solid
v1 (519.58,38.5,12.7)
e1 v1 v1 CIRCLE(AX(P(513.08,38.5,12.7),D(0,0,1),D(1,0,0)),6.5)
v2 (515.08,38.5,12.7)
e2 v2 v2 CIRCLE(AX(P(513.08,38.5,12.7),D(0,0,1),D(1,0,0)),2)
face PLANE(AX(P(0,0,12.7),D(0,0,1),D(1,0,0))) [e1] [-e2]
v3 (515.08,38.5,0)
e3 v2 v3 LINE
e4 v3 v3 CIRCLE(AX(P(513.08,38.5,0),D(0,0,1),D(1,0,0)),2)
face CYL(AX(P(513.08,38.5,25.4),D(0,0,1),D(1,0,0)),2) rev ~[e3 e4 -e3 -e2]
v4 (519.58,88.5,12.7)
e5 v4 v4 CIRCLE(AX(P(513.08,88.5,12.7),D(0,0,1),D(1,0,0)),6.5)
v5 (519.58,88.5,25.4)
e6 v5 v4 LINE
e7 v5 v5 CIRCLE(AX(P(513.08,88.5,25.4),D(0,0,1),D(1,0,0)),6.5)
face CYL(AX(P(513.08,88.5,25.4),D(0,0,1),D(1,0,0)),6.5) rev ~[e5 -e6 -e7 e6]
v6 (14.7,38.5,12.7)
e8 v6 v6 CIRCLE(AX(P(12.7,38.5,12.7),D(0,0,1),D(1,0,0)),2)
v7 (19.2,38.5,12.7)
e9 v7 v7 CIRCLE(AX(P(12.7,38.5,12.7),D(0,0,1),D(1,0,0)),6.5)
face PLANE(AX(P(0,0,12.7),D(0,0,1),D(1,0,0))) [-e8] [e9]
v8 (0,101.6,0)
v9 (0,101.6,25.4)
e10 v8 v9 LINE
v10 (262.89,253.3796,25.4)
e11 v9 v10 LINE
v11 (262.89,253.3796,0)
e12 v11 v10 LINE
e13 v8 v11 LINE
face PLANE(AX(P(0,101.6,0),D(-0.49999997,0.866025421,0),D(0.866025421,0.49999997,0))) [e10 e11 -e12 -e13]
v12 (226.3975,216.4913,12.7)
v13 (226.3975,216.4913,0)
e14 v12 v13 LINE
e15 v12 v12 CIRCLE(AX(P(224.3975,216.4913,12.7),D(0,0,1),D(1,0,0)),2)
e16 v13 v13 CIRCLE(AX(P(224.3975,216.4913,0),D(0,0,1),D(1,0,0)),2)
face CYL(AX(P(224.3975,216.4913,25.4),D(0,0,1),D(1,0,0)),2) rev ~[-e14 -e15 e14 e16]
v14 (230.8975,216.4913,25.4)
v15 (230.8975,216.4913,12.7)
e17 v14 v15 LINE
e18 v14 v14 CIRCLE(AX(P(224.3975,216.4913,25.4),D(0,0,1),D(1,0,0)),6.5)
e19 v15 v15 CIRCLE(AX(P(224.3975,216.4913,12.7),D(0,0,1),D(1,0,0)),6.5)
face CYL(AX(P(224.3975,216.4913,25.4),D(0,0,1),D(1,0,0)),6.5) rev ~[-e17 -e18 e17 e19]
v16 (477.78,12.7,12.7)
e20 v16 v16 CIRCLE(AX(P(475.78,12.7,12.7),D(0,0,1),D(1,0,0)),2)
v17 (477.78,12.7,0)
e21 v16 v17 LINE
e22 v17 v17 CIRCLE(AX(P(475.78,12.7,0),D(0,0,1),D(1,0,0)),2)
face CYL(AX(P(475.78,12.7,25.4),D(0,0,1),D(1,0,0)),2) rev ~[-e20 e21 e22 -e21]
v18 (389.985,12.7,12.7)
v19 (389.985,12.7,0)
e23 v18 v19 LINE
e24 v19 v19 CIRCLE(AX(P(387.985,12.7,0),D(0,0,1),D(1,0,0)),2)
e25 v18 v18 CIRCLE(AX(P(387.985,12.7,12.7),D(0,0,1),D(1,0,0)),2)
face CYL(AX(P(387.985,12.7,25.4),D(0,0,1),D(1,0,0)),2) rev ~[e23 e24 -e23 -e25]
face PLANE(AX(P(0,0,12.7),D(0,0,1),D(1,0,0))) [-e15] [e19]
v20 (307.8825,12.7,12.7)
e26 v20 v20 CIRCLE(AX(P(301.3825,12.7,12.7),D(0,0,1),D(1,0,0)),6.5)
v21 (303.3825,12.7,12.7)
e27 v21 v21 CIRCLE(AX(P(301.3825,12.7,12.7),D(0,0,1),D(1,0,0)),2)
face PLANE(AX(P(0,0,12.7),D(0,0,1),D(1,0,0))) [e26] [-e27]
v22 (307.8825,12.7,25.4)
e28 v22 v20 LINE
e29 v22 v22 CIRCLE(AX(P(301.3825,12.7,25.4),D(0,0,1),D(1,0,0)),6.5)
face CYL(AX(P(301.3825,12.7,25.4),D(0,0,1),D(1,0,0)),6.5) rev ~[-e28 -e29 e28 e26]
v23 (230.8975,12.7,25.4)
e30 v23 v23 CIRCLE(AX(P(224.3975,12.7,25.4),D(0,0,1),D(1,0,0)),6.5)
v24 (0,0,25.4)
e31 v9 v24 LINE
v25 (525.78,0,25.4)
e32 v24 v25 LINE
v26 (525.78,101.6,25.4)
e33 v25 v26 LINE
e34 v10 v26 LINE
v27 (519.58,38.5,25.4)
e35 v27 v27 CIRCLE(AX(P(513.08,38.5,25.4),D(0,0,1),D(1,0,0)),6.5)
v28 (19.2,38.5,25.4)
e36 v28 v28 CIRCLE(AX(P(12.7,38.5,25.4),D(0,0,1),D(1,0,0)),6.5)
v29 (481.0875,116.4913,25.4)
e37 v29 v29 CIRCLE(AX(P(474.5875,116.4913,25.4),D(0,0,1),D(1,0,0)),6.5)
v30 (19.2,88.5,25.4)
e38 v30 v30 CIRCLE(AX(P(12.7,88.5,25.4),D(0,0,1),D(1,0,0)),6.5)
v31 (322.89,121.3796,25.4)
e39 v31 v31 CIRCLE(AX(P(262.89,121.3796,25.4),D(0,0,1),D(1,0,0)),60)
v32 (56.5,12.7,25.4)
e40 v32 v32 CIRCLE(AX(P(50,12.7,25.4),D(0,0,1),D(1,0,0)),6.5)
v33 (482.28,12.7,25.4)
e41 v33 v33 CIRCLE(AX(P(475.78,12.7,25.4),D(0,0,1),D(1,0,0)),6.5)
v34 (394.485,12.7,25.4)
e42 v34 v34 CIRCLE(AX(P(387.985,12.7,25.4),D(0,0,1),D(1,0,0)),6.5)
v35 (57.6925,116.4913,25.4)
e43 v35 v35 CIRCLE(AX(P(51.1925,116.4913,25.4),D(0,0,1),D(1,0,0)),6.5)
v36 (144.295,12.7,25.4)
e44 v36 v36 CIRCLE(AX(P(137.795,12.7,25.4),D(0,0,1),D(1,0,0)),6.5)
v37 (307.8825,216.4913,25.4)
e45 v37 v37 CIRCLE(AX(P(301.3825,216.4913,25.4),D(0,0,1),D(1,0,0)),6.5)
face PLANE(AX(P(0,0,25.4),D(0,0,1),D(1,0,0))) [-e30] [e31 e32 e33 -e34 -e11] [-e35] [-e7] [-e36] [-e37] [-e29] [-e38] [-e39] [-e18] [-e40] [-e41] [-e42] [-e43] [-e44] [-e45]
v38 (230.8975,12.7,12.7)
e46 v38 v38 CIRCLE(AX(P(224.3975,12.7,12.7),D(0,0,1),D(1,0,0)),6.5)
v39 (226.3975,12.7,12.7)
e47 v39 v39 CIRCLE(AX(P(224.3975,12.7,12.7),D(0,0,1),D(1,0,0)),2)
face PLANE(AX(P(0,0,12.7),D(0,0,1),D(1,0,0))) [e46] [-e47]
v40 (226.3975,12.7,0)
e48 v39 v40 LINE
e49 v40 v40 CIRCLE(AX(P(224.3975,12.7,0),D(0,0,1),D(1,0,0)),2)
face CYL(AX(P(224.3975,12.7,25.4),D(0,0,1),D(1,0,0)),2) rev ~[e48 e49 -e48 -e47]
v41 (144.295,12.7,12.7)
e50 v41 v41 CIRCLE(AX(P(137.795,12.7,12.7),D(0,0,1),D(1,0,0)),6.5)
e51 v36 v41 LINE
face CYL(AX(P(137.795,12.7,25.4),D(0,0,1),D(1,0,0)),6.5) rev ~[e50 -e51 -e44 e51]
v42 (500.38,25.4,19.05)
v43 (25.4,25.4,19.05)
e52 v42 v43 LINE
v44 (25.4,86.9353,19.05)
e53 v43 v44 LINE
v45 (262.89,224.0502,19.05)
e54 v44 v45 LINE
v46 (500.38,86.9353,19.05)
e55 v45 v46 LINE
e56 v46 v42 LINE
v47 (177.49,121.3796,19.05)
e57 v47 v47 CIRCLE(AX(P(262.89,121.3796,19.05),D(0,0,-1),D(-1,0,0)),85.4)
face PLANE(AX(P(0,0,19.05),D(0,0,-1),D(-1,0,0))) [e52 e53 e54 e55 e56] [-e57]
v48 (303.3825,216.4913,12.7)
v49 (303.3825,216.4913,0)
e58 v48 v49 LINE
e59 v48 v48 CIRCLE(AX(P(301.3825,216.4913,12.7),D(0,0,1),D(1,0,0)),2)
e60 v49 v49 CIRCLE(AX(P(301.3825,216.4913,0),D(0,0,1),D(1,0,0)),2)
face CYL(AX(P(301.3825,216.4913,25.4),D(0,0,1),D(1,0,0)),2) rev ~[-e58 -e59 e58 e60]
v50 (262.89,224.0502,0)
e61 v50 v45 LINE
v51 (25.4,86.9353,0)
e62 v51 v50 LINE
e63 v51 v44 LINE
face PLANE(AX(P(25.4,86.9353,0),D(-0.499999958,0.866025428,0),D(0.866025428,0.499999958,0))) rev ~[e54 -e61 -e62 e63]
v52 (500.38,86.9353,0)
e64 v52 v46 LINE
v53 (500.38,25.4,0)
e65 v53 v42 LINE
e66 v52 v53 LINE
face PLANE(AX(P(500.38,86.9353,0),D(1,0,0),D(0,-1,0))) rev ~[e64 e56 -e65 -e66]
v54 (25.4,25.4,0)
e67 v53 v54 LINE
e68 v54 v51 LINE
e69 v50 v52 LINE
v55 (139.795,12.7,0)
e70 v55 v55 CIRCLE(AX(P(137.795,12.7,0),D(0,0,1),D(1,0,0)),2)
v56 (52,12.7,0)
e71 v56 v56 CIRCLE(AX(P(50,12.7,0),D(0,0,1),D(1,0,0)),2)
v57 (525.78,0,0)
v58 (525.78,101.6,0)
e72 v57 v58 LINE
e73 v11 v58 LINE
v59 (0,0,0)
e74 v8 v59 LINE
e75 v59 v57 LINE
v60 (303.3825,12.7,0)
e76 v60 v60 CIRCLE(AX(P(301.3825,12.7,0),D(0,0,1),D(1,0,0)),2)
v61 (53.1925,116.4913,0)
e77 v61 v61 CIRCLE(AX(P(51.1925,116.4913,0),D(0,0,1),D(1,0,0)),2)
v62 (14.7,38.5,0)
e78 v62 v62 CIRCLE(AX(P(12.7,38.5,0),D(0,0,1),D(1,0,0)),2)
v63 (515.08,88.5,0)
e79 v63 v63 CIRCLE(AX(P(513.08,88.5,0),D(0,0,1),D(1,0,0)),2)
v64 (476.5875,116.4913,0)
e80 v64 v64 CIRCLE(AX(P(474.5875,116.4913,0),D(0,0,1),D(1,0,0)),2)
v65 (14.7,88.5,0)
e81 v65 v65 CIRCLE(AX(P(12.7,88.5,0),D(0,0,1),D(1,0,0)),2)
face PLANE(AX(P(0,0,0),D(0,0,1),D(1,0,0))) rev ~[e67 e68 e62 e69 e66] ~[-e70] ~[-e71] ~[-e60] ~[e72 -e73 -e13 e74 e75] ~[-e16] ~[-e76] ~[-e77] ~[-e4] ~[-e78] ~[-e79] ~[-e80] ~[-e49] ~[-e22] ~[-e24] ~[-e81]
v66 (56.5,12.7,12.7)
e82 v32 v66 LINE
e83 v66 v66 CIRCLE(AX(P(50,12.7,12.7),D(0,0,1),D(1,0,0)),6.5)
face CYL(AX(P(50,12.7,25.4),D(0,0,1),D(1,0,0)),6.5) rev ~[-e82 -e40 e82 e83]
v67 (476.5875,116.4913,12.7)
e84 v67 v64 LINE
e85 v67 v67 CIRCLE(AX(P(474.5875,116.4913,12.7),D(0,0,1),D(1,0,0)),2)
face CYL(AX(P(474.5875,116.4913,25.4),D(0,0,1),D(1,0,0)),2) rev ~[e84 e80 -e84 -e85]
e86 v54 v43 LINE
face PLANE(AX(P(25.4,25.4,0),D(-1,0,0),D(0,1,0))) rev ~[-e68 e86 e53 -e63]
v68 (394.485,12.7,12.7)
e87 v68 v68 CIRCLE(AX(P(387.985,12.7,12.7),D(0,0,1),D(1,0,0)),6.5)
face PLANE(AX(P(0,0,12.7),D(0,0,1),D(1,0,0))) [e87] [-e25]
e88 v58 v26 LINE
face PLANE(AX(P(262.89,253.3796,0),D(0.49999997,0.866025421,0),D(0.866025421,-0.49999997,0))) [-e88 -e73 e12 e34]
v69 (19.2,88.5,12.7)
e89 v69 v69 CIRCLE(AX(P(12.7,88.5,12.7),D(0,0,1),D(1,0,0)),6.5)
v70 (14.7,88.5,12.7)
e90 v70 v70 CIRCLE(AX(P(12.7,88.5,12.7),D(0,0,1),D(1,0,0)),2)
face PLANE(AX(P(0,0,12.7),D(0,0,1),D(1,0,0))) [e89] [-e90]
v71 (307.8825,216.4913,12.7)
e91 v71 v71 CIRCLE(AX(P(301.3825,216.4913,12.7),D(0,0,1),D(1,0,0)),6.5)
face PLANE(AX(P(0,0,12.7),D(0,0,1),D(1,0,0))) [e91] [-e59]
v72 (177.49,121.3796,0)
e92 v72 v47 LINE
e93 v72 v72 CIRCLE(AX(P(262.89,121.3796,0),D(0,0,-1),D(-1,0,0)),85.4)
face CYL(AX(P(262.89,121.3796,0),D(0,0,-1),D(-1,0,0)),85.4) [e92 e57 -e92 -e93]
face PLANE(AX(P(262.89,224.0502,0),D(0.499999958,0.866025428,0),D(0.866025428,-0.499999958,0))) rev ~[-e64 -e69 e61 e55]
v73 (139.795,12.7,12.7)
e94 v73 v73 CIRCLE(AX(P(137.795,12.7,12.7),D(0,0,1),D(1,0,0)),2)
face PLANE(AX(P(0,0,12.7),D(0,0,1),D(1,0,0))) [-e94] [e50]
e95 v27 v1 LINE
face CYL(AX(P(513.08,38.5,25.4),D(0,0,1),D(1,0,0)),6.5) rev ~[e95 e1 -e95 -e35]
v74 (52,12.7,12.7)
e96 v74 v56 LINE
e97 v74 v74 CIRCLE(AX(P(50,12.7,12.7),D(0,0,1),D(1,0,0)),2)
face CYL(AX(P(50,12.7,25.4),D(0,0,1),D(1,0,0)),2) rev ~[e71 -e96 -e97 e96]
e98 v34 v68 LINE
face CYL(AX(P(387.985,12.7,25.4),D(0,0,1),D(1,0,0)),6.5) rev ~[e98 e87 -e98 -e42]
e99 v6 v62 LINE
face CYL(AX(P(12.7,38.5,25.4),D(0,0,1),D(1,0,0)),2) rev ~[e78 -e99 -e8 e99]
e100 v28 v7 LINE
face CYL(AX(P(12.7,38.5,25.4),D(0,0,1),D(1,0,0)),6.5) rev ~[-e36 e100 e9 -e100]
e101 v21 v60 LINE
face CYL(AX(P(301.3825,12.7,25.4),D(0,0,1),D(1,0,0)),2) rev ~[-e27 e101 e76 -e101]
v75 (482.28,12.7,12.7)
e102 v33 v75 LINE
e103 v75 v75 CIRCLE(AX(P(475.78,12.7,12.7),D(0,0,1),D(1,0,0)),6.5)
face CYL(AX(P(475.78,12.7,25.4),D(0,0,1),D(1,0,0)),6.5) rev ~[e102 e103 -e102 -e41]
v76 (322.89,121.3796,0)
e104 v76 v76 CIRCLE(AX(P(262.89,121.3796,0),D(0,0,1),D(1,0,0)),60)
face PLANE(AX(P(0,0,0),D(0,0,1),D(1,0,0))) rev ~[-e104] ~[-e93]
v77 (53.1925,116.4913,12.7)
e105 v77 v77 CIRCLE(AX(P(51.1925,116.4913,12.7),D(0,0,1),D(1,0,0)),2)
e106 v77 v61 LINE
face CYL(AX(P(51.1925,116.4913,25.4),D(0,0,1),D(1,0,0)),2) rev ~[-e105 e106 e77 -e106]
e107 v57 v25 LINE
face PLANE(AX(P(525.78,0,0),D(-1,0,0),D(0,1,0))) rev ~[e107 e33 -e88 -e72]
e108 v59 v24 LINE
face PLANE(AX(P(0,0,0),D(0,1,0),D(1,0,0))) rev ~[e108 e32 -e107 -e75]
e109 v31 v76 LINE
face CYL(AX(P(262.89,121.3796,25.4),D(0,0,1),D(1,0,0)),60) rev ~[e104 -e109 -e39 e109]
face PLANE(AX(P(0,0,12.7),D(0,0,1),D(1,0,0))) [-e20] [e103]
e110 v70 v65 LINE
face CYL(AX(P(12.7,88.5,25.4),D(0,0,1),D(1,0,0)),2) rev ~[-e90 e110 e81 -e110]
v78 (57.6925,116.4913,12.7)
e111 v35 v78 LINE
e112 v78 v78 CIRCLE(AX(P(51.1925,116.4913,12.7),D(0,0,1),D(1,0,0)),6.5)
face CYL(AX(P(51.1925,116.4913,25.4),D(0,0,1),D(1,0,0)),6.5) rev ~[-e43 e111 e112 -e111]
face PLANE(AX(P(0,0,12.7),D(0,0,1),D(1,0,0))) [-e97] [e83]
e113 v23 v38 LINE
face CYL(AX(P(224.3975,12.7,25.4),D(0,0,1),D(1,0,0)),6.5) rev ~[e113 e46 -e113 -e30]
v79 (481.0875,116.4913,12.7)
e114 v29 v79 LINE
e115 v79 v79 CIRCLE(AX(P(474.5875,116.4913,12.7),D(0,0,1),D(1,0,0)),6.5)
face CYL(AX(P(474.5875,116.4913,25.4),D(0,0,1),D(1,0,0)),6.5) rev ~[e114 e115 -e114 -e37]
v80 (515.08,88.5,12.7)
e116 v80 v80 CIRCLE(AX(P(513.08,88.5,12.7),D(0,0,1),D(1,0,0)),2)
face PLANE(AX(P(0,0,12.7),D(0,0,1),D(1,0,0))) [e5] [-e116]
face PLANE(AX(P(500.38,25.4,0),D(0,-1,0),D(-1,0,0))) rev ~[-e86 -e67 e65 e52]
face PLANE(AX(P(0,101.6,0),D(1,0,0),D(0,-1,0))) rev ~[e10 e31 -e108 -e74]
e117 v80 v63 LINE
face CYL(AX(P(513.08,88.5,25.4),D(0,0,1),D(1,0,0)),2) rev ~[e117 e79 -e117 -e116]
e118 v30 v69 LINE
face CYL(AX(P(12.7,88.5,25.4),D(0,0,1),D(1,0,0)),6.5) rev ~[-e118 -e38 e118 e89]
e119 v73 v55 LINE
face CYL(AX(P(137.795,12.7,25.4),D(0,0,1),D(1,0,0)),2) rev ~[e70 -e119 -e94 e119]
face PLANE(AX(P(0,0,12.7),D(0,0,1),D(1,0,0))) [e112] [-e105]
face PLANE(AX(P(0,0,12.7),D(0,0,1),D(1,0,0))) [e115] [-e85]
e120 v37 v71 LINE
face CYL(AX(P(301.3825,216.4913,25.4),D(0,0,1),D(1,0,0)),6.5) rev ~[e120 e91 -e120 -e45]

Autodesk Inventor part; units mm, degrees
ref_plane "YZ Plane" through (0, 0, 0) normal (1, 0, 0) x (0, 1, 0)
ref_plane "XZ Plane" through (0, 0, 0) normal (0, 1, 0) x (-1, 0, 0)
ref_plane "XY Plane" through (0, 0, 0) normal (0, 0, 1) x (1, 0, 0)
sketch "Sketch1" plane through (0, 0, 0) normal (0, 0, 1) x (1, 0, 0)
  line L0 (262.89, 253.3796) -> (525.78, 101.6)
  line L1 (525.78, 101.6) -> (525.78, -201.9592) construction
  line L2 (525.78, -201.9592) -> (262.89, -353.7388) construction
  line L3 (262.89, -353.7388) -> (0, -201.9592) construction
  line L4 (0, -201.9592) -> (0, 101.6) construction
  line L5 (0, 101.6) -> (262.89, 253.3796)
  line L6 (0, 101.6) -> (0, 0)
  line L7 (0, 0) -> (525.78, 0)
  line L8 (525.78, 0) -> (525.78, 101.6)
  point P0 (262.89, -50.1796)
  dimension "d0" = 525.78
  dimension "d1" = 101.6
extrude "Extrusion1" add sketch "Sketch1" along normal blind 25.4
sketch "Sketch2" plane through (0, 0, 25.4) normal (0, 0, 1) x (1, 0, 0)
  circle A0 centre (262.89, 121.3796) radius 60
  line L0 (0, 0) -> (525.78, 0) projected
  point P0 (262.89, 0)
  dimension "d4" = 121.3796
  dimension "d5" = 120
extrude "Extrusion2" cut sketch "Sketch2" against normal through all
sketch "Sketch3" plane through (0, 0, 25.4) normal (0, 0, 1) x (1, 0, 0)
  circle A0 centre (262.89, 121.3796) radius 60 construction
  line L0 (0, 101.6) -> (0, 0) construction
  line L1 (0, 0) -> (525.78, 0) construction
  line L2 (525.78, 0) -> (525.78, 101.6) construction
  line L3 (525.78, 101.6) -> (262.89, 253.3796) construction
  line L4 (262.89, 253.3796) -> (0, 101.6) construction
  line L5 (12.7, 94.2677) -> (12.7, 12.7) construction
  line L6 (12.7, 12.7) -> (513.08, 12.7) construction
  line L7 (513.08, 12.7) -> (513.08, 94.2677) construction
  line L8 (513.08, 94.2677) -> (262.89, 238.7149) construction
  line L9 (262.89, 238.7149) -> (12.7, 94.2677) construction
  circle A1 centre (12.7, 88.5) radius 2
  circle A2 centre (12.7, 38.5) radius 2
  line L10 (12.7, 88.5) -> (12.7, 38.5) construction
  circle A3 centre (51.1925, 116.4913) radius 2
  circle A4 centre (224.3975, 216.4913) radius 2
  circle A5 centre (137.795, 166.4913) radius 2
  circle A6 centre (51.1925, 12.7) radius 2
  circle A7 centre (137.795, 12.7) radius 2
  circle A8 centre (224.3975, 12.7) radius 2
  circle A9 centre (262.89, 12.7) radius 2
  line L11 (51.1925, 116.4913) -> (224.3975, 216.4913) construction
  line L12 (262.89, 238.7149) -> (262.89, 253.3796)
  line L13 (525.78, 101.6) -> (525.78, 0) construction
  line L14 (513.08, 94.2677) -> (513.08, 12.7) construction
  circle A10 centre (513.08, 88.5) radius 2
  circle A11 centre (513.08, 38.5) radius 2
  line L15 (513.08, 88.5) -> (513.08, 38.5) construction
  circle A12 centre (474.5875, 116.4913) radius 2
  circle A13 centre (301.3825, 216.4913) radius 2
  circle A14 centre (387.985, 166.4913) radius 2
  circle A15 centre (474.5875, 12.7) radius 2
  circle A16 centre (387.985, 12.7) radius 2
  circle A17 centre (301.3825, 12.7) radius 2
  circle A18 centre (262.89, 12.7) radius 2
  line L16 (474.5875, 116.4913) -> (301.3825, 216.4913) construction
  line L17 (30.0651, 0) -> (30.0651, 25.4)
  line L18 (30.0651, 25.4) -> (30.0651, 101.6)
  point P0 (525.78, 0)
  point P1 (30.0651, 63.5)
  point P2 (12.7, 63.5)
  dimension "d8" = 12.7
  dimension "d9" = 4
  dimension "d10" = 4
  dimension "d11" = 50
  dimension "d12" = 4
  dimension "d13" = 4
  dimension "d14" = 4
  dimension "d15" = 4
  dimension "d16" = 4
  dimension "d17" = 4
  dimension "d18" = 4
  dimension "d19" = 200
  dimension "d38" = 25.4
extrude "Extrusion3" cut sketch "Sketch3" against normal through all contours A1 | A2 | A3 | A4 | A7 | A8 | A10 | A11 | A12 | A13 | A16 | A17
sketch "Sketch5" plane through (0, 0, 0) normal (0, 0, -1) x (-1, 0, 0)
  circle A0 centre (-513.08, 88.5) radius 2 projected
  circle A1 centre (-387.985, 12.7) radius 2 projected
  circle A2 centre (-224.3975, 216.4913) radius 2 projected
  circle A3 centre (-12.7, 38.5) radius 2 projected
  circle A4 centre (-12.7, 88.5) radius 2 projected
  circle A5 centre (-51.1925, 116.4913) radius 2 projected
  circle A6 centre (-137.795, 12.7) radius 2 projected
  circle A7 centre (-301.3825, 216.4913) radius 2 projected
  circle A8 centre (-474.5875, 116.4913) radius 2 projected
  circle A9 centre (-513.08, 38.5) radius 2 projected
  circle A10 centre (-262.89, 121.3796) radius 60 projected
  line L0 (0, 0) -> (0, 101.6) projected
  line L1 (0, 101.6) -> (-262.89, 253.3796) projected
  line L2 (-262.89, 253.3796) -> (-525.78, 101.6) projected
  line L3 (-525.78, 101.6) -> (-525.78, 0) projected
  line L4 (-525.78, 0) -> (0, 0) projected
  line L5 (-25.4, 25.4) -> (-25.4, 86.9353)
  line L6 (-25.4, 86.9353) -> (-262.89, 224.0502)
  line L7 (-262.89, 224.0502) -> (-500.38, 86.9353)
  line L8 (-500.38, 86.9353) -> (-500.38, 25.4)
  line L9 (-500.38, 25.4) -> (-25.4, 25.4)
  circle A11 centre (-262.89, 121.3796) radius 85.4
  dimension "d26" = 25.4
  dimension "d27" = 25.4
extrude "Extrusion5" cut sketch "Sketch5" against normal blind 19.05 contours L9 L8 L7 L6 L5
sketch "Sketch6" plane through (0, 0, 25.4) normal (0, 0, 1) x (1, 0, 0)
  circle A0 centre (513.08, 38.5) radius 2 construction
  circle A1 centre (513.08, 88.5) radius 2 construction
  circle A2 centre (387.985, 12.7) radius 2 construction
  circle A3 centre (224.3975, 216.4913) radius 2 construction
  circle A4 centre (12.7, 38.5) radius 2 construction
  circle A5 centre (12.7, 88.5) radius 2 construction
  circle A6 centre (51.1925, 116.4913) radius 2 construction
  circle A7 centre (137.795, 12.7) radius 2 construction
  circle A8 centre (301.3825, 216.4913) radius 2 construction
  circle A9 centre (474.5875, 116.4913) radius 2 construction
  circle A10 centre (513.08, 38.5) radius 2 construction
  circle A11 centre (262.89, 121.3796) radius 60 construction
  line L0 (0, 101.6) -> (0, 0) construction
  line L1 (0, 0) -> (525.78, 0) construction
  line L2 (525.78, 0) -> (525.78, 101.6) construction
  line L3 (525.78, 101.6) -> (262.89, 253.3796) construction
  line L4 (262.89, 253.3796) -> (0, 101.6) construction
  circle A12 centre (513.08, 38.5) radius 2 projected
  circle A13 centre (513.08, 38.5) radius 6.5
  circle A14 centre (513.08, 88.5) radius 2 projected
  circle A15 centre (513.08, 88.5) radius 6.5
  circle A16 centre (474.5875, 116.4913) radius 2 projected
  circle A17 centre (474.5875, 116.4913) radius 6.5
  circle A18 centre (301.3825, 216.4913) radius 2 projected
  circle A19 centre (301.3825, 216.4913) radius 6.5
  circle A20 centre (387.985, 12.7) radius 2 projected
  circle A21 centre (387.985, 12.7) radius 6.5
  line L5 (262.89, 253.3796) -> (262.89, 364.4597)
  circle A22 centre (12.7, 88.5) radius 2 construction
  circle A23 centre (12.7, 38.5) radius 6.5
  circle A24 centre (12.7, 88.5) radius 6.5
  circle A25 centre (51.1925, 116.4913) radius 6.5
  circle A26 centre (224.3975, 216.4913) radius 6.5
  circle A27 centre (137.795, 12.7) radius 6.5
  circle A28 centre (224.3975, 12.7) radius 2 projected
  circle A29 centre (301.3825, 12.7) radius 2 projected
  circle A30 centre (224.3975, 12.7) radius 6.5
  circle A31 centre (301.3825, 12.7) radius 6.5
  dimension "d30" = 13
  dimension "d31" = 13
  dimension "d32" = 13
  dimension "d33" = 13
  dimension "d34" = 13
  dimension "d39" = 13
  dimension "d40" = 13
extrude "Extrusion6" cut sketch "Sketch6" against normal blind 12.7 contours A12 | A13 | A14 | A15 | A16 | A17 | A18 | A19 | A20 | A21 | A23 | A24 | A25 | A26 | A27 | A29 | A30 | A31
sketch "Sketch8" plane through (0, 0, 25.4) normal (0, 0, 1) x (1, 0, 0)
  circle A0 centre (50, 12.7) radius 2
  circle A1 centre (475.78, 12.7) radius 2
  line L0 (0, 101.6) -> (0, 0) projected
  line L1 (525.78, 0) -> (525.78, 101.6) projected
  circle A2 centre (387.985, 12.7) radius 2 projected
  dimension "d41" = 4
  dimension "d42" = 4
  dimension "d43" = 50
  dimension "d44" = 50
extrude "Extrusion7" cut sketch "Sketch8" against normal through all
sketch "Sketch9" plane through (0, 0, 25.4) normal (0, 0, 1) x (1, 0, 0)
  circle A0 centre (50, 12.7) radius 2 projected
  circle A1 centre (475.78, 12.7) radius 2 projected
  circle A2 centre (50, 12.7) radius 6.5
  circle A3 centre (475.78, 12.7) radius 2 projected
  circle A4 centre (475.78, 12.7) radius 6.5
  point P0 (0, 0)
  dimension "d47" = 13
  dimension "d48" = 13
extrude "Extrusion8" cut sketch "Sketch9" against normal blind 12.7 contours A0 | A1 | A2 | A4
properties part number "HB04" material "Polyethylene, High Density"
